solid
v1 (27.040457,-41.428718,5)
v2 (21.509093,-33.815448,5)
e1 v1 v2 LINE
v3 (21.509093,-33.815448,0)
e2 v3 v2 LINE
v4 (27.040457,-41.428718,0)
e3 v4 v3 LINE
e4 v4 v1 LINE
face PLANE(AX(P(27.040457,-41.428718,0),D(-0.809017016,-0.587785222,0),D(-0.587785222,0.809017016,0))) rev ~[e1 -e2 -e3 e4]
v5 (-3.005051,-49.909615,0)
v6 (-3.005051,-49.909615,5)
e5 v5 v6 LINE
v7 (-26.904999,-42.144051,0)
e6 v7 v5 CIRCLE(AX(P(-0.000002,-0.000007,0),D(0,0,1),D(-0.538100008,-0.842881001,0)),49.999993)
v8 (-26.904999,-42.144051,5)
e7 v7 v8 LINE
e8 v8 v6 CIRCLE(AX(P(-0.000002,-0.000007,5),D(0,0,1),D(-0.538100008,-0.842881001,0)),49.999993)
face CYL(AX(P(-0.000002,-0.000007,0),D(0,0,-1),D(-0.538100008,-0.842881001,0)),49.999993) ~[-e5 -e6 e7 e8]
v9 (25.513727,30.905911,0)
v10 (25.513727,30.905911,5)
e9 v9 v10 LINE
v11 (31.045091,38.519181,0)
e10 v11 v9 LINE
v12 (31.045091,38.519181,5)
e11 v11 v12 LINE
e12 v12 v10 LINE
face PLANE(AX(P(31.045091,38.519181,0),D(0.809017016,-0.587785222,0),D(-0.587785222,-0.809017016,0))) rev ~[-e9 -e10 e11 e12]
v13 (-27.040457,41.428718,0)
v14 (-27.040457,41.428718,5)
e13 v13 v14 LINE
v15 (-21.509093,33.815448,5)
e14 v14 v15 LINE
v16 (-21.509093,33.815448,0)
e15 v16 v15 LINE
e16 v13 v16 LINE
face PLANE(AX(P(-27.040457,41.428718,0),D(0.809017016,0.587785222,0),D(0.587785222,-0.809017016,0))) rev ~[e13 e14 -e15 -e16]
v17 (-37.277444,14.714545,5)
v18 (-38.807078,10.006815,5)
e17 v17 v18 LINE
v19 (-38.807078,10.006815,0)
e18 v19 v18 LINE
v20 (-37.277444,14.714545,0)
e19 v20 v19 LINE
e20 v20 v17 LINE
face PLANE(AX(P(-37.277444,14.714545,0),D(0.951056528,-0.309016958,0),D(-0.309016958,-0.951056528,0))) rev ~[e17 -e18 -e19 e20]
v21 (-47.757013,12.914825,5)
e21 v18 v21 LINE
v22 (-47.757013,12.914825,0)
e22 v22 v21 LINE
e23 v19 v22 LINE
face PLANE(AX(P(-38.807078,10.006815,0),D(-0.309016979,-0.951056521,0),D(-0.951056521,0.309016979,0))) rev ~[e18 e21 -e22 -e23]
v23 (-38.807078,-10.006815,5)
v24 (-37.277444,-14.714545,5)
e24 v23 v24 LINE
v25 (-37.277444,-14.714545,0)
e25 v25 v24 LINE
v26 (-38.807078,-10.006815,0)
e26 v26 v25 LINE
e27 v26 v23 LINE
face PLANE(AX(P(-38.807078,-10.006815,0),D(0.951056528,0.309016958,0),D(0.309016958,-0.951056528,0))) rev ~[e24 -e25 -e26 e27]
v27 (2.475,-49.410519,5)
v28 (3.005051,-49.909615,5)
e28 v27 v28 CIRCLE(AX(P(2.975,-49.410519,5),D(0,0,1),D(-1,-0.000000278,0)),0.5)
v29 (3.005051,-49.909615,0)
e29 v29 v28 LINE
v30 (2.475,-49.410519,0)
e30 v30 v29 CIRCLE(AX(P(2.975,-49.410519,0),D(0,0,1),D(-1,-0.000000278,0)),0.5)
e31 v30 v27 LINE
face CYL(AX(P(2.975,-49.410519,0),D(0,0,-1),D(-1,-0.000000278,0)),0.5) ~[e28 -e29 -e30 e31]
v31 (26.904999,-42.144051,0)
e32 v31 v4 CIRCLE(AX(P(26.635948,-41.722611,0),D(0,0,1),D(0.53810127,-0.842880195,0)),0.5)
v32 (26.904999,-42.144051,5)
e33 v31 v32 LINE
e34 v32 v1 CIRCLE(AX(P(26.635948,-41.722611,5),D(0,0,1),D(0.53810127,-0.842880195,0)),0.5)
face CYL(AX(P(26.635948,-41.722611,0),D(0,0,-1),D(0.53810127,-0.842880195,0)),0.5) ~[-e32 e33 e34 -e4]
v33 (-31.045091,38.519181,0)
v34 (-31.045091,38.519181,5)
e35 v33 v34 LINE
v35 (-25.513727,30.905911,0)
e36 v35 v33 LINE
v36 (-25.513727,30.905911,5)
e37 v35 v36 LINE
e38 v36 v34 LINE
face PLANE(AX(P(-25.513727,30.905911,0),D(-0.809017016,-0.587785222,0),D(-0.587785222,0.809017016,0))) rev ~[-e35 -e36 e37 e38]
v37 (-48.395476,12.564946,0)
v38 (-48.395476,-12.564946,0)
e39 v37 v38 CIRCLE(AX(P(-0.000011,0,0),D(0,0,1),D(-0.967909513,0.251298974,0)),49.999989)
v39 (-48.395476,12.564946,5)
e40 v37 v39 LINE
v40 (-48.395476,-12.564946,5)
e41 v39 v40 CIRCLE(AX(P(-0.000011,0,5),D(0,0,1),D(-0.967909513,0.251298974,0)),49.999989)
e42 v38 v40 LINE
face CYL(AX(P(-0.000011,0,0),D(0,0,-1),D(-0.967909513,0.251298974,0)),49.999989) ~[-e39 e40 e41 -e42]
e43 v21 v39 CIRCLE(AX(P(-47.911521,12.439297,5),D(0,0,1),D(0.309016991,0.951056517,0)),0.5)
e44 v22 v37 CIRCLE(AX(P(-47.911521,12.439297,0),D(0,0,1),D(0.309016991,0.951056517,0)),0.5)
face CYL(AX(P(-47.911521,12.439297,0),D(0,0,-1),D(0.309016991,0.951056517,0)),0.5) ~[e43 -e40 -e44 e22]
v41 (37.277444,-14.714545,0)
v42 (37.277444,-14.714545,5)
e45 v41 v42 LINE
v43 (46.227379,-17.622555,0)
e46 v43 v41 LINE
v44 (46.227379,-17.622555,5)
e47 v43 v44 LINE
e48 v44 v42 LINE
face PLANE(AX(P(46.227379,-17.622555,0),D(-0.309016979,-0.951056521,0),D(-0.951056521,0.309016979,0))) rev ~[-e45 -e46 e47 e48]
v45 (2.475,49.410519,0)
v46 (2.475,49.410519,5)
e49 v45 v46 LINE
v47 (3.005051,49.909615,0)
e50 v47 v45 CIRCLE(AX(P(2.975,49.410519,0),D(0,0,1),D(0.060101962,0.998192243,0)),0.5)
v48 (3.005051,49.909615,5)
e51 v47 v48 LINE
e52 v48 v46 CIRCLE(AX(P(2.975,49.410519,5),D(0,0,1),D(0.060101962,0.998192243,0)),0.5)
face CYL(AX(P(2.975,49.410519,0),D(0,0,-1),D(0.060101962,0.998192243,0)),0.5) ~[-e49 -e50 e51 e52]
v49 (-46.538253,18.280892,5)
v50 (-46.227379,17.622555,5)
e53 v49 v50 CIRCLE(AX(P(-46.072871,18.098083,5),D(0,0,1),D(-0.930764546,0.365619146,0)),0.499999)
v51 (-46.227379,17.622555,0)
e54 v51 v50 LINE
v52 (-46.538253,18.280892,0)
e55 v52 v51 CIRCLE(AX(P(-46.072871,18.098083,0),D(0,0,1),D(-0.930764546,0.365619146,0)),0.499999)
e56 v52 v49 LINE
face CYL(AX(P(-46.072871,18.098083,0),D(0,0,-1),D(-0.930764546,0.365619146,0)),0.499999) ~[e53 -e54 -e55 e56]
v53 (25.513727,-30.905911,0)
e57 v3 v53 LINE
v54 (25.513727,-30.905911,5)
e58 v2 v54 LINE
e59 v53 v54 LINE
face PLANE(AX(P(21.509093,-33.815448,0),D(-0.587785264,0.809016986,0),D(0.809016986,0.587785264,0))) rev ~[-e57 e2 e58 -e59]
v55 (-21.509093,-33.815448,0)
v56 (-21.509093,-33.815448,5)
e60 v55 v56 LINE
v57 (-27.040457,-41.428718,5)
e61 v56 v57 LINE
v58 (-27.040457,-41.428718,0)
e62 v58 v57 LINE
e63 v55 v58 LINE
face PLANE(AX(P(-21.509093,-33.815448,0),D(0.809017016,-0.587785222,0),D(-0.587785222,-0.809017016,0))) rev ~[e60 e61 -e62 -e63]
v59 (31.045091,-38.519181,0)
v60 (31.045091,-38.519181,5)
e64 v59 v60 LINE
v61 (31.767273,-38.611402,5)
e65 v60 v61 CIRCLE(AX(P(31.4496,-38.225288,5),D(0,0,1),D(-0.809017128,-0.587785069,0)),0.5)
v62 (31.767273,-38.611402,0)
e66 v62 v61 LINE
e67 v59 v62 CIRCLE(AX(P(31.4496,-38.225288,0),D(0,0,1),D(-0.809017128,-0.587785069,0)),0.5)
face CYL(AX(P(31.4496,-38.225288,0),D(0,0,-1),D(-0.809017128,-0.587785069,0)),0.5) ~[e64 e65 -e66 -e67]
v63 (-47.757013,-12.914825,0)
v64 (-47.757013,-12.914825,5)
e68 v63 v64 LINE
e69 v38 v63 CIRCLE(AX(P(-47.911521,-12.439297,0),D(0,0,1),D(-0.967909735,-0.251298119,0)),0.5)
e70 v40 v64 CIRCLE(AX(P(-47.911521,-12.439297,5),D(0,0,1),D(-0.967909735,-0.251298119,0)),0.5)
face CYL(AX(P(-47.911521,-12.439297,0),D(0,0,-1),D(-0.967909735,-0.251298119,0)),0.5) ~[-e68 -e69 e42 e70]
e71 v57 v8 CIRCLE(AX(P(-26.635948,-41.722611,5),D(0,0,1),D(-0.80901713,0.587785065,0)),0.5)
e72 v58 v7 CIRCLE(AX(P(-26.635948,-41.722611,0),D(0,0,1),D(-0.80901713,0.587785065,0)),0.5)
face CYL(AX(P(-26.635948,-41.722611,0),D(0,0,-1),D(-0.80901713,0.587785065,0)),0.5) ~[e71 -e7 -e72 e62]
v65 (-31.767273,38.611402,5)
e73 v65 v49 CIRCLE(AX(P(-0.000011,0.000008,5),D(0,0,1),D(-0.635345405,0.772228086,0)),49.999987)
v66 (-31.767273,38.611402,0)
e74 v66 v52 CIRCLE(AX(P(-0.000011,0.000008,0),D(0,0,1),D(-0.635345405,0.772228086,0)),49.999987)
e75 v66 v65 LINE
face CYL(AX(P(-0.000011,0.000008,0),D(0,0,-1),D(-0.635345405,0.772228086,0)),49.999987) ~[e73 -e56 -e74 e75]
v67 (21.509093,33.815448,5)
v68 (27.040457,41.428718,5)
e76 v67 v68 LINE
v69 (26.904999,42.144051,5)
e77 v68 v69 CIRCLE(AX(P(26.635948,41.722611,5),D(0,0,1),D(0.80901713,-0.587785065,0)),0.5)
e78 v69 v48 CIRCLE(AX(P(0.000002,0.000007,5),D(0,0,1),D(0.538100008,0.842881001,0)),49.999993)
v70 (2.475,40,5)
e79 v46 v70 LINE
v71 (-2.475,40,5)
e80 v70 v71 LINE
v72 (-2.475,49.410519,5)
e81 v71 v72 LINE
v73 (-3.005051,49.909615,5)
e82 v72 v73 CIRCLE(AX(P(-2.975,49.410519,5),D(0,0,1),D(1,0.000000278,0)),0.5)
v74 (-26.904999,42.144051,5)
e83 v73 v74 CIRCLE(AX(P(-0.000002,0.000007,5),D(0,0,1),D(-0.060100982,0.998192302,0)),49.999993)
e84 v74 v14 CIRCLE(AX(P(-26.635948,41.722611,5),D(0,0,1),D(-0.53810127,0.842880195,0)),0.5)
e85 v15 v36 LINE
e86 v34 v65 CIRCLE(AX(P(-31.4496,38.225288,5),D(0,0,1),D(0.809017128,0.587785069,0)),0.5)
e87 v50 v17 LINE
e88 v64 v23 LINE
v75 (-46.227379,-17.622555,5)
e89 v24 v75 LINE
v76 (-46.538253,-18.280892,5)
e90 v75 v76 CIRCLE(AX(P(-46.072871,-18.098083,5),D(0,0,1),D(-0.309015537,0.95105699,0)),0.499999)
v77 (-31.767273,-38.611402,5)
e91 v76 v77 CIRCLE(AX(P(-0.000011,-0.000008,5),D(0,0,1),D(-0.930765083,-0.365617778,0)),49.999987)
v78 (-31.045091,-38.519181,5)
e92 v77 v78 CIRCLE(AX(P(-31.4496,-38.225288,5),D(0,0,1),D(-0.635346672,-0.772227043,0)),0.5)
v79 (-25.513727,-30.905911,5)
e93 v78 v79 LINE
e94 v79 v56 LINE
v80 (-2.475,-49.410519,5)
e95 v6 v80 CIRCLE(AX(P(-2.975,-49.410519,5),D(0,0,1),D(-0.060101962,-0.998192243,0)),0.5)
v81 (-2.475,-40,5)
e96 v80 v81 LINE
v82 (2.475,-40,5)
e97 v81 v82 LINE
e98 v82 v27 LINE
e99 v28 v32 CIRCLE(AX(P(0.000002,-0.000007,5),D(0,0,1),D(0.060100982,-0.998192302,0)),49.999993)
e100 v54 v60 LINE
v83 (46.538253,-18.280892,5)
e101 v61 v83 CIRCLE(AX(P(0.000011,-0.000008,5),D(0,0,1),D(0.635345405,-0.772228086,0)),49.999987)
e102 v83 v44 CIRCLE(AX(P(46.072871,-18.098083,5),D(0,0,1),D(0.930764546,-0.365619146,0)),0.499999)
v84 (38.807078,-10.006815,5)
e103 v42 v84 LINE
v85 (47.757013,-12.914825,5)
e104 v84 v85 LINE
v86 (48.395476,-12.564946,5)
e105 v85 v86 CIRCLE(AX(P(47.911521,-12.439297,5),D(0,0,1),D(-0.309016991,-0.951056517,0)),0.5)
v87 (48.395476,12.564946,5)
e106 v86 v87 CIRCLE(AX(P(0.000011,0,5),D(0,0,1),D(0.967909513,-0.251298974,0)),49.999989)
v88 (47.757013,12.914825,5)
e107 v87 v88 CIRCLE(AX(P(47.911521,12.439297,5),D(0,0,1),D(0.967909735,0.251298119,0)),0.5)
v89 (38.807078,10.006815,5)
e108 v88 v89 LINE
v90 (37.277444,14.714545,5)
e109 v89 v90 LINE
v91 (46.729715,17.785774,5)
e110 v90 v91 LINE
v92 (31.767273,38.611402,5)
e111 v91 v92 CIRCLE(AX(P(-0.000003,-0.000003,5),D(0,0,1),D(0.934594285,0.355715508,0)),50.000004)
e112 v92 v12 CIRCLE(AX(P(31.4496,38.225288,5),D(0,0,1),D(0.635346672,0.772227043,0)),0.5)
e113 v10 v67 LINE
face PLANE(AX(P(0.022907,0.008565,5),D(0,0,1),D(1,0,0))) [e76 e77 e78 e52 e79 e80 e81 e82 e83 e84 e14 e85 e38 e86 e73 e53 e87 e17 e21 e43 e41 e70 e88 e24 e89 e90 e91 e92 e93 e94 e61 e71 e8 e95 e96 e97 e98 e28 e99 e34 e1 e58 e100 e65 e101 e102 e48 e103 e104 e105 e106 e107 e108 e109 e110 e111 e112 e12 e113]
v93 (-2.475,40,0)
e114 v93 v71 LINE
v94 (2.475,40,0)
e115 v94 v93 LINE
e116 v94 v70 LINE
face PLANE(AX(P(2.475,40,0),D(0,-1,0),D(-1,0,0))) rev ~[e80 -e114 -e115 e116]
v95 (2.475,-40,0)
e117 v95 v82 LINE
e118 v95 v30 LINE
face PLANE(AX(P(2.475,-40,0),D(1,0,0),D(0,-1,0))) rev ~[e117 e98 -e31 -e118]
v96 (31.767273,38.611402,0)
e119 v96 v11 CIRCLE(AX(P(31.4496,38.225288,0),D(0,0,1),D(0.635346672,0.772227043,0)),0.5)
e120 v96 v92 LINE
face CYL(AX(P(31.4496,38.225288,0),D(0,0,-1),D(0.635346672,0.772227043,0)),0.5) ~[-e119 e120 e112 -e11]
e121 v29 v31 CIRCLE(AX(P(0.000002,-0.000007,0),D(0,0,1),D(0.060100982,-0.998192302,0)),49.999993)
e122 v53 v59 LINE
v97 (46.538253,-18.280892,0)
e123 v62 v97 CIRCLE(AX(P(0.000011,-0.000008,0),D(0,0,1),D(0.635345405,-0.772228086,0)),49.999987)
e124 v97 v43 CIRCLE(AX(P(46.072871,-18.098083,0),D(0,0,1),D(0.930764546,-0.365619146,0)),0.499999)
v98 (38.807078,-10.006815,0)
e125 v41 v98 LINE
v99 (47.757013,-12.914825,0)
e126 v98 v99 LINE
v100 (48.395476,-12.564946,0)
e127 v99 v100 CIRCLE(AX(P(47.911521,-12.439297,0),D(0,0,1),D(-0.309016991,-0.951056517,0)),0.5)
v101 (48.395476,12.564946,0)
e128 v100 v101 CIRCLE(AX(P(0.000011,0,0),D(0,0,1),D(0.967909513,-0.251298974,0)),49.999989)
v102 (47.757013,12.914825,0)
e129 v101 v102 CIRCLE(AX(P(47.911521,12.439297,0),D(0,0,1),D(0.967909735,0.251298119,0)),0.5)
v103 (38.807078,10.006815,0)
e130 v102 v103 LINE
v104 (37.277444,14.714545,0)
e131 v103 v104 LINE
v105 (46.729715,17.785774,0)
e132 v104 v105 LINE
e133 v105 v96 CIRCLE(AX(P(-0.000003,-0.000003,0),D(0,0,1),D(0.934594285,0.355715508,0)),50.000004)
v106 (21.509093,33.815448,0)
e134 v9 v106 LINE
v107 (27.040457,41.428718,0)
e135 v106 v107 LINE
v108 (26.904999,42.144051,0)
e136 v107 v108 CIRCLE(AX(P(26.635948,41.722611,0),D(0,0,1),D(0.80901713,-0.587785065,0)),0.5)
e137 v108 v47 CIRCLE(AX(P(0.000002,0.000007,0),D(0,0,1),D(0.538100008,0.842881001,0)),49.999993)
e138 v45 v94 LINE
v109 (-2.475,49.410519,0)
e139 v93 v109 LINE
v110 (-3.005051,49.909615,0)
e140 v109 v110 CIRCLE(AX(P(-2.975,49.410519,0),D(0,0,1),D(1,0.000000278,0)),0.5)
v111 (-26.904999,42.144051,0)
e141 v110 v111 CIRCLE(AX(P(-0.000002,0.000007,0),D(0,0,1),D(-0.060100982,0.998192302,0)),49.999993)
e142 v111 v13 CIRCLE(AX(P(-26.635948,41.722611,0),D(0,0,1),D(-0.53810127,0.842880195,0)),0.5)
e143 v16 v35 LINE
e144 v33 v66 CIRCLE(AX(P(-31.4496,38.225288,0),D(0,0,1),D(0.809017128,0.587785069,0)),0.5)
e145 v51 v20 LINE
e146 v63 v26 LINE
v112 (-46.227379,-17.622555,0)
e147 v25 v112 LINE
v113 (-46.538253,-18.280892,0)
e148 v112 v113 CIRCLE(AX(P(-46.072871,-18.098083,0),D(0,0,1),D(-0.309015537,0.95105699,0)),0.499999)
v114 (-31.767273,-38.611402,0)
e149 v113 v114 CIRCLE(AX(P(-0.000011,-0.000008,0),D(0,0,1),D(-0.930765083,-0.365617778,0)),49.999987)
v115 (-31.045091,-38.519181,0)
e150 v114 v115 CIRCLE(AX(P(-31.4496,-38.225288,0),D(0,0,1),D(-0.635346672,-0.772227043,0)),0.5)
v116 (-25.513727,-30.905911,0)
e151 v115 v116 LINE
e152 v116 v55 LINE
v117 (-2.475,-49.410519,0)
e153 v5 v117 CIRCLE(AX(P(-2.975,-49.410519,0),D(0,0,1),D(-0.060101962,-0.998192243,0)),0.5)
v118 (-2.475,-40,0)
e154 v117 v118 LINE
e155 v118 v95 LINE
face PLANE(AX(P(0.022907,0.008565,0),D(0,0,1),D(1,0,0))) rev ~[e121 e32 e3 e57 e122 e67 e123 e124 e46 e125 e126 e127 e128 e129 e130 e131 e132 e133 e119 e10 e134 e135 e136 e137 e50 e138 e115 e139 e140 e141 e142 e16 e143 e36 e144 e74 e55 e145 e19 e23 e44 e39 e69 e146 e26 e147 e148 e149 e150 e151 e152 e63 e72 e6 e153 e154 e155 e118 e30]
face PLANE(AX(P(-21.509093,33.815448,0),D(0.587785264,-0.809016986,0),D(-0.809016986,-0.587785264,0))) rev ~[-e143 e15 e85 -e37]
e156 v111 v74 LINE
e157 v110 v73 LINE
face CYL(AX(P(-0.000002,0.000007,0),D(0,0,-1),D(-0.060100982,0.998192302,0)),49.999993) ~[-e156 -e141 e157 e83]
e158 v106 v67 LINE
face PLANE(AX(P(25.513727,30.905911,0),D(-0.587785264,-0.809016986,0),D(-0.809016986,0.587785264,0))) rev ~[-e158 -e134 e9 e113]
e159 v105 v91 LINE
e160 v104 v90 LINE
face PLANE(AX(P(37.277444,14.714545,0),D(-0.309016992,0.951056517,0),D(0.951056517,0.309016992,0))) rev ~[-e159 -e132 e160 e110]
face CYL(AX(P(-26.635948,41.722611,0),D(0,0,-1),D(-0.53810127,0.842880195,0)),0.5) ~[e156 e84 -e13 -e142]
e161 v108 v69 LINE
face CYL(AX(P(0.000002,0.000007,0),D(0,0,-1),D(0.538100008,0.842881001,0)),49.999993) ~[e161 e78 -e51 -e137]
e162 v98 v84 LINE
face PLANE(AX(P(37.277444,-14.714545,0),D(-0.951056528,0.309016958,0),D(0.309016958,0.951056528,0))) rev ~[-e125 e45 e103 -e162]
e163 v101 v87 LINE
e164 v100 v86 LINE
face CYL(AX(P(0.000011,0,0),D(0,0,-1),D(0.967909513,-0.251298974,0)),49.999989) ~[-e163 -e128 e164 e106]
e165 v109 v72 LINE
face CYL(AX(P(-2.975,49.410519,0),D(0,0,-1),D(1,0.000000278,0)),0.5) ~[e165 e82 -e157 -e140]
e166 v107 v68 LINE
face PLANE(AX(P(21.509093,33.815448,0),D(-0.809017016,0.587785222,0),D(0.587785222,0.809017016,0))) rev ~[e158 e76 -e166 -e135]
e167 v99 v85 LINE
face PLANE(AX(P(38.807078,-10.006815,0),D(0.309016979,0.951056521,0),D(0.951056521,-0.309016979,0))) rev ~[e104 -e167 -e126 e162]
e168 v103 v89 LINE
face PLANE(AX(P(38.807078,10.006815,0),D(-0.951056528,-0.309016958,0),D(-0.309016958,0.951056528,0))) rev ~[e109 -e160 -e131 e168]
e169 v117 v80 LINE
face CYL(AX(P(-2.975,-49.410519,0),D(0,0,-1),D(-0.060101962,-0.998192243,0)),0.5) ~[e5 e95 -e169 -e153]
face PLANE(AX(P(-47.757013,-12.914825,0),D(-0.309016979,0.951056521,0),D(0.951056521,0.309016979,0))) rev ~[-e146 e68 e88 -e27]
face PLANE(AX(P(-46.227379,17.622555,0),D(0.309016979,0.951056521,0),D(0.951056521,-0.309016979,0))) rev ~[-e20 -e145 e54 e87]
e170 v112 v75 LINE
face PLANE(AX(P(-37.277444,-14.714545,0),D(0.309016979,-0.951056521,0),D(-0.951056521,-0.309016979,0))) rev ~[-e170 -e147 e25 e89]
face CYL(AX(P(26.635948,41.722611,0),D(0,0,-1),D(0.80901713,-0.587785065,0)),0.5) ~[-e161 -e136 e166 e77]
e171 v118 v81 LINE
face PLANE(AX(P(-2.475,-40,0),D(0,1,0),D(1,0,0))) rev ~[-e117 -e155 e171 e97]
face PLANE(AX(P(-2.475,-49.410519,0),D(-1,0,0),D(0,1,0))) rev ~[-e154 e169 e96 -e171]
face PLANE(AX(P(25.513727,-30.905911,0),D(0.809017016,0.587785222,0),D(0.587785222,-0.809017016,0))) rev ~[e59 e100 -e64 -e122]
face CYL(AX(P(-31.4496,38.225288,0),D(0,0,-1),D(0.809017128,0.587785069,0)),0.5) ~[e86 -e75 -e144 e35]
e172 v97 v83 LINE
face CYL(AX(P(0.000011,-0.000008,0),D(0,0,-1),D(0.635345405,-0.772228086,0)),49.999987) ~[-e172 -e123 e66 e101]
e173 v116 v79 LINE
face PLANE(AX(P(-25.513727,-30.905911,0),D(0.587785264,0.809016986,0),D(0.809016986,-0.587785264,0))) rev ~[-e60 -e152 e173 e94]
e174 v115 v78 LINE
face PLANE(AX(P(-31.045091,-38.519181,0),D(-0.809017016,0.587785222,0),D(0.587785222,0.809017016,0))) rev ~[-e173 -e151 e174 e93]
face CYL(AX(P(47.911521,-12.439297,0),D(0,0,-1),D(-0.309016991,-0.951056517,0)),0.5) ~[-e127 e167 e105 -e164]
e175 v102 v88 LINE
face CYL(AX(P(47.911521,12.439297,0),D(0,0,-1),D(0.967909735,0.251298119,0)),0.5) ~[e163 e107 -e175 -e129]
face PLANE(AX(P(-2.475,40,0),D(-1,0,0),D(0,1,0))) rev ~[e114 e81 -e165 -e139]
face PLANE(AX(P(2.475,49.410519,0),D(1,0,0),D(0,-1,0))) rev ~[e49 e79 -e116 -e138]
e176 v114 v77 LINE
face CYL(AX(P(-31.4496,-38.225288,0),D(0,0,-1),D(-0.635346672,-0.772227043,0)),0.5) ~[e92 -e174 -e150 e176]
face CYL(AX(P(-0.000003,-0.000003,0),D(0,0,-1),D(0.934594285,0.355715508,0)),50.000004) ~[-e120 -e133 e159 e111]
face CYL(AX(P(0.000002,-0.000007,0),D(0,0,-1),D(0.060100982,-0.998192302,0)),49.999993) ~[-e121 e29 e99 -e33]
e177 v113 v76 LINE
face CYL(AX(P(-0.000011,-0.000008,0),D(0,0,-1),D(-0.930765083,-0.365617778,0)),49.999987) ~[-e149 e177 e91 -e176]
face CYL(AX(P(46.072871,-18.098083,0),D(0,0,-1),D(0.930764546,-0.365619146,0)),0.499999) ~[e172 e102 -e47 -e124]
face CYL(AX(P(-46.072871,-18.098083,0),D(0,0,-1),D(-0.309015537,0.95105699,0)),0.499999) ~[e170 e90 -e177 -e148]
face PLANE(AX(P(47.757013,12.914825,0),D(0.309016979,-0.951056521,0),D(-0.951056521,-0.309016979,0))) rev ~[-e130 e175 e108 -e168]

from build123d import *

# Parameters (mm, degrees)
F1_DEPTH = 5


with BuildPart() as f1:
    # F0 (on Top) → F1 (new body)
    with BuildSketch(Plane.XY):
        with BuildLine():
            ThreePointArc((-31.045091, 38.519181), (-31.386265, 38.721261), (-31.767273, 38.611402))
            ThreePointArc((-31.767273, 38.611402), (-40.45085, 29.389263), (-46.538253, 18.280892))
            ThreePointArc((-46.538253, 18.280892), (-46.524997, 17.884584), (-46.227379, 17.622555))
            Line((-46.227379, 17.622555), (-37.277444, 14.714545))
            Line((-37.277444, 14.714545), (-38.807078, 10.006815))
            Line((-38.807078, 10.006815), (-47.757013, 12.914825))
            ThreePointArc((-47.757013, 12.914825), (-48.151808, 12.877774), (-48.395476, 12.564946))
            ThreePointArc((-48.395476, 12.564946), (-50, 0), (-48.395476, -12.564946))
            ThreePointArc((-48.395476, -12.564946), (-48.151808, -12.877774), (-47.757013, -12.914825))
            Line((-47.757013, -12.914825), (-38.807078, -10.006815))
            Line((-38.807078, -10.006815), (-37.277444, -14.714545))
            Line((-37.277444, -14.714545), (-46.227379, -17.622555))
            ThreePointArc((-46.227379, -17.622555), (-46.524997, -17.884584), (-46.538253, -18.280892))
            ThreePointArc((-46.538253, -18.280892), (-40.45085, -29.389263), (-31.767273, -38.611402))
            ThreePointArc((-31.767273, -38.611402), (-31.386265, -38.721261), (-31.045091, -38.519181))
            Line((-31.045091, -38.519181), (-25.513727, -30.905911))
            Line((-25.513727, -30.905911), (-21.509093, -33.815448))
            Line((-21.509093, -33.815448), (-27.040457, -41.428718))
            ThreePointArc((-27.040457, -41.428718), (-27.127218, -41.815639), (-26.904999, -42.144051))
            ThreePointArc((-26.904999, -42.144051), (-15.45085, -47.552826), (-3.005051, -49.909615))
            ThreePointArc((-3.005051, -49.909615), (-2.632236, -49.774542), (-2.475, -49.410519))
            Line((-2.475, -49.410519), (-2.475, -40))
            Line((-2.475, -40), (2.475, -40))
            Line((2.475, -40), (2.475, -49.410519))
            ThreePointArc((2.475, -49.410519), (2.632236, -49.774542), (3.005051, -49.909615))
            ThreePointArc((3.005051, -49.909615), (15.45085, -47.552826), (26.904999, -42.144051))
            ThreePointArc((26.904999, -42.144051), (27.127218, -41.815639), (27.040457, -41.428718))
            Line((27.040457, -41.428718), (21.509093, -33.815448))
            Line((21.509093, -33.815448), (25.513727, -30.905911))
            Line((25.513727, -30.905911), (31.045091, -38.519181))
            ThreePointArc((31.045091, -38.519181), (31.386265, -38.721261), (31.767273, -38.611402))
            ThreePointArc((31.767273, -38.611402), (40.45085, -29.389263), (46.538253, -18.280892))
            ThreePointArc((46.538253, -18.280892), (46.524997, -17.884584), (46.227379, -17.622555))
            Line((46.227379, -17.622555), (37.277444, -14.714545))
            Line((37.277444, -14.714545), (38.807078, -10.006815))
            Line((38.807078, -10.006815), (47.757013, -12.914825))
            ThreePointArc((47.757013, -12.914825), (48.151808, -12.877774), (48.395476, -12.564946))
            ThreePointArc((48.395476, -12.564946), (50, 0), (48.395476, 12.564946))
            ThreePointArc((48.395476, 12.564946), (48.151808, 12.877774), (47.757013, 12.914825))
            Line((47.757013, 12.914825), (38.807078, 10.006815))
            Line((38.807078, 10.006815), (37.277444, 14.714545))
            Line((37.277444, 14.714545), (46.729715, 17.785774))
            ThreePointArc((46.729715, 17.785774), (40.606292, 29.174116), (31.767273, 38.611402))
            ThreePointArc((31.767273, 38.611402), (31.386265, 38.721261), (31.045091, 38.519181))
            Line((31.045091, 38.519181), (25.513727, 30.905911))
            Line((25.513727, 30.905911), (21.509093, 33.815448))
            Line((21.509093, 33.815448), (27.040457, 41.428718))
            ThreePointArc((27.040457, 41.428718), (27.127218, 41.815639), (26.904999, 42.144051))
            ThreePointArc((26.904999, 42.144051), (15.45085, 47.552826), (3.005051, 49.909615))
            ThreePointArc((3.005051, 49.909615), (2.632236, 49.774542), (2.475, 49.410519))
            Line((2.475, 49.410519), (2.475, 40))
            Line((2.475, 40), (-2.475, 40))
            Line((-2.475, 40), (-2.475, 49.410519))
            ThreePointArc((-2.475, 49.410519), (-2.632236, 49.774542), (-3.005051, 49.909615))
            ThreePointArc((-3.005051, 49.909615), (-15.45085, 47.552826), (-26.904999, 42.144051))
            ThreePointArc((-26.904999, 42.144051), (-27.127218, 41.815639), (-27.040457, 41.428718))
            Line((-27.040457, 41.428718), (-21.509093, 33.815448))
            Line((-21.509093, 33.815448), (-25.513727, 30.905911))
            Line((-25.513727, 30.905911), (-31.045091, 38.519181))
        make_face()
    extrude(amount=F1_DEPTH)


solid = f1.part
